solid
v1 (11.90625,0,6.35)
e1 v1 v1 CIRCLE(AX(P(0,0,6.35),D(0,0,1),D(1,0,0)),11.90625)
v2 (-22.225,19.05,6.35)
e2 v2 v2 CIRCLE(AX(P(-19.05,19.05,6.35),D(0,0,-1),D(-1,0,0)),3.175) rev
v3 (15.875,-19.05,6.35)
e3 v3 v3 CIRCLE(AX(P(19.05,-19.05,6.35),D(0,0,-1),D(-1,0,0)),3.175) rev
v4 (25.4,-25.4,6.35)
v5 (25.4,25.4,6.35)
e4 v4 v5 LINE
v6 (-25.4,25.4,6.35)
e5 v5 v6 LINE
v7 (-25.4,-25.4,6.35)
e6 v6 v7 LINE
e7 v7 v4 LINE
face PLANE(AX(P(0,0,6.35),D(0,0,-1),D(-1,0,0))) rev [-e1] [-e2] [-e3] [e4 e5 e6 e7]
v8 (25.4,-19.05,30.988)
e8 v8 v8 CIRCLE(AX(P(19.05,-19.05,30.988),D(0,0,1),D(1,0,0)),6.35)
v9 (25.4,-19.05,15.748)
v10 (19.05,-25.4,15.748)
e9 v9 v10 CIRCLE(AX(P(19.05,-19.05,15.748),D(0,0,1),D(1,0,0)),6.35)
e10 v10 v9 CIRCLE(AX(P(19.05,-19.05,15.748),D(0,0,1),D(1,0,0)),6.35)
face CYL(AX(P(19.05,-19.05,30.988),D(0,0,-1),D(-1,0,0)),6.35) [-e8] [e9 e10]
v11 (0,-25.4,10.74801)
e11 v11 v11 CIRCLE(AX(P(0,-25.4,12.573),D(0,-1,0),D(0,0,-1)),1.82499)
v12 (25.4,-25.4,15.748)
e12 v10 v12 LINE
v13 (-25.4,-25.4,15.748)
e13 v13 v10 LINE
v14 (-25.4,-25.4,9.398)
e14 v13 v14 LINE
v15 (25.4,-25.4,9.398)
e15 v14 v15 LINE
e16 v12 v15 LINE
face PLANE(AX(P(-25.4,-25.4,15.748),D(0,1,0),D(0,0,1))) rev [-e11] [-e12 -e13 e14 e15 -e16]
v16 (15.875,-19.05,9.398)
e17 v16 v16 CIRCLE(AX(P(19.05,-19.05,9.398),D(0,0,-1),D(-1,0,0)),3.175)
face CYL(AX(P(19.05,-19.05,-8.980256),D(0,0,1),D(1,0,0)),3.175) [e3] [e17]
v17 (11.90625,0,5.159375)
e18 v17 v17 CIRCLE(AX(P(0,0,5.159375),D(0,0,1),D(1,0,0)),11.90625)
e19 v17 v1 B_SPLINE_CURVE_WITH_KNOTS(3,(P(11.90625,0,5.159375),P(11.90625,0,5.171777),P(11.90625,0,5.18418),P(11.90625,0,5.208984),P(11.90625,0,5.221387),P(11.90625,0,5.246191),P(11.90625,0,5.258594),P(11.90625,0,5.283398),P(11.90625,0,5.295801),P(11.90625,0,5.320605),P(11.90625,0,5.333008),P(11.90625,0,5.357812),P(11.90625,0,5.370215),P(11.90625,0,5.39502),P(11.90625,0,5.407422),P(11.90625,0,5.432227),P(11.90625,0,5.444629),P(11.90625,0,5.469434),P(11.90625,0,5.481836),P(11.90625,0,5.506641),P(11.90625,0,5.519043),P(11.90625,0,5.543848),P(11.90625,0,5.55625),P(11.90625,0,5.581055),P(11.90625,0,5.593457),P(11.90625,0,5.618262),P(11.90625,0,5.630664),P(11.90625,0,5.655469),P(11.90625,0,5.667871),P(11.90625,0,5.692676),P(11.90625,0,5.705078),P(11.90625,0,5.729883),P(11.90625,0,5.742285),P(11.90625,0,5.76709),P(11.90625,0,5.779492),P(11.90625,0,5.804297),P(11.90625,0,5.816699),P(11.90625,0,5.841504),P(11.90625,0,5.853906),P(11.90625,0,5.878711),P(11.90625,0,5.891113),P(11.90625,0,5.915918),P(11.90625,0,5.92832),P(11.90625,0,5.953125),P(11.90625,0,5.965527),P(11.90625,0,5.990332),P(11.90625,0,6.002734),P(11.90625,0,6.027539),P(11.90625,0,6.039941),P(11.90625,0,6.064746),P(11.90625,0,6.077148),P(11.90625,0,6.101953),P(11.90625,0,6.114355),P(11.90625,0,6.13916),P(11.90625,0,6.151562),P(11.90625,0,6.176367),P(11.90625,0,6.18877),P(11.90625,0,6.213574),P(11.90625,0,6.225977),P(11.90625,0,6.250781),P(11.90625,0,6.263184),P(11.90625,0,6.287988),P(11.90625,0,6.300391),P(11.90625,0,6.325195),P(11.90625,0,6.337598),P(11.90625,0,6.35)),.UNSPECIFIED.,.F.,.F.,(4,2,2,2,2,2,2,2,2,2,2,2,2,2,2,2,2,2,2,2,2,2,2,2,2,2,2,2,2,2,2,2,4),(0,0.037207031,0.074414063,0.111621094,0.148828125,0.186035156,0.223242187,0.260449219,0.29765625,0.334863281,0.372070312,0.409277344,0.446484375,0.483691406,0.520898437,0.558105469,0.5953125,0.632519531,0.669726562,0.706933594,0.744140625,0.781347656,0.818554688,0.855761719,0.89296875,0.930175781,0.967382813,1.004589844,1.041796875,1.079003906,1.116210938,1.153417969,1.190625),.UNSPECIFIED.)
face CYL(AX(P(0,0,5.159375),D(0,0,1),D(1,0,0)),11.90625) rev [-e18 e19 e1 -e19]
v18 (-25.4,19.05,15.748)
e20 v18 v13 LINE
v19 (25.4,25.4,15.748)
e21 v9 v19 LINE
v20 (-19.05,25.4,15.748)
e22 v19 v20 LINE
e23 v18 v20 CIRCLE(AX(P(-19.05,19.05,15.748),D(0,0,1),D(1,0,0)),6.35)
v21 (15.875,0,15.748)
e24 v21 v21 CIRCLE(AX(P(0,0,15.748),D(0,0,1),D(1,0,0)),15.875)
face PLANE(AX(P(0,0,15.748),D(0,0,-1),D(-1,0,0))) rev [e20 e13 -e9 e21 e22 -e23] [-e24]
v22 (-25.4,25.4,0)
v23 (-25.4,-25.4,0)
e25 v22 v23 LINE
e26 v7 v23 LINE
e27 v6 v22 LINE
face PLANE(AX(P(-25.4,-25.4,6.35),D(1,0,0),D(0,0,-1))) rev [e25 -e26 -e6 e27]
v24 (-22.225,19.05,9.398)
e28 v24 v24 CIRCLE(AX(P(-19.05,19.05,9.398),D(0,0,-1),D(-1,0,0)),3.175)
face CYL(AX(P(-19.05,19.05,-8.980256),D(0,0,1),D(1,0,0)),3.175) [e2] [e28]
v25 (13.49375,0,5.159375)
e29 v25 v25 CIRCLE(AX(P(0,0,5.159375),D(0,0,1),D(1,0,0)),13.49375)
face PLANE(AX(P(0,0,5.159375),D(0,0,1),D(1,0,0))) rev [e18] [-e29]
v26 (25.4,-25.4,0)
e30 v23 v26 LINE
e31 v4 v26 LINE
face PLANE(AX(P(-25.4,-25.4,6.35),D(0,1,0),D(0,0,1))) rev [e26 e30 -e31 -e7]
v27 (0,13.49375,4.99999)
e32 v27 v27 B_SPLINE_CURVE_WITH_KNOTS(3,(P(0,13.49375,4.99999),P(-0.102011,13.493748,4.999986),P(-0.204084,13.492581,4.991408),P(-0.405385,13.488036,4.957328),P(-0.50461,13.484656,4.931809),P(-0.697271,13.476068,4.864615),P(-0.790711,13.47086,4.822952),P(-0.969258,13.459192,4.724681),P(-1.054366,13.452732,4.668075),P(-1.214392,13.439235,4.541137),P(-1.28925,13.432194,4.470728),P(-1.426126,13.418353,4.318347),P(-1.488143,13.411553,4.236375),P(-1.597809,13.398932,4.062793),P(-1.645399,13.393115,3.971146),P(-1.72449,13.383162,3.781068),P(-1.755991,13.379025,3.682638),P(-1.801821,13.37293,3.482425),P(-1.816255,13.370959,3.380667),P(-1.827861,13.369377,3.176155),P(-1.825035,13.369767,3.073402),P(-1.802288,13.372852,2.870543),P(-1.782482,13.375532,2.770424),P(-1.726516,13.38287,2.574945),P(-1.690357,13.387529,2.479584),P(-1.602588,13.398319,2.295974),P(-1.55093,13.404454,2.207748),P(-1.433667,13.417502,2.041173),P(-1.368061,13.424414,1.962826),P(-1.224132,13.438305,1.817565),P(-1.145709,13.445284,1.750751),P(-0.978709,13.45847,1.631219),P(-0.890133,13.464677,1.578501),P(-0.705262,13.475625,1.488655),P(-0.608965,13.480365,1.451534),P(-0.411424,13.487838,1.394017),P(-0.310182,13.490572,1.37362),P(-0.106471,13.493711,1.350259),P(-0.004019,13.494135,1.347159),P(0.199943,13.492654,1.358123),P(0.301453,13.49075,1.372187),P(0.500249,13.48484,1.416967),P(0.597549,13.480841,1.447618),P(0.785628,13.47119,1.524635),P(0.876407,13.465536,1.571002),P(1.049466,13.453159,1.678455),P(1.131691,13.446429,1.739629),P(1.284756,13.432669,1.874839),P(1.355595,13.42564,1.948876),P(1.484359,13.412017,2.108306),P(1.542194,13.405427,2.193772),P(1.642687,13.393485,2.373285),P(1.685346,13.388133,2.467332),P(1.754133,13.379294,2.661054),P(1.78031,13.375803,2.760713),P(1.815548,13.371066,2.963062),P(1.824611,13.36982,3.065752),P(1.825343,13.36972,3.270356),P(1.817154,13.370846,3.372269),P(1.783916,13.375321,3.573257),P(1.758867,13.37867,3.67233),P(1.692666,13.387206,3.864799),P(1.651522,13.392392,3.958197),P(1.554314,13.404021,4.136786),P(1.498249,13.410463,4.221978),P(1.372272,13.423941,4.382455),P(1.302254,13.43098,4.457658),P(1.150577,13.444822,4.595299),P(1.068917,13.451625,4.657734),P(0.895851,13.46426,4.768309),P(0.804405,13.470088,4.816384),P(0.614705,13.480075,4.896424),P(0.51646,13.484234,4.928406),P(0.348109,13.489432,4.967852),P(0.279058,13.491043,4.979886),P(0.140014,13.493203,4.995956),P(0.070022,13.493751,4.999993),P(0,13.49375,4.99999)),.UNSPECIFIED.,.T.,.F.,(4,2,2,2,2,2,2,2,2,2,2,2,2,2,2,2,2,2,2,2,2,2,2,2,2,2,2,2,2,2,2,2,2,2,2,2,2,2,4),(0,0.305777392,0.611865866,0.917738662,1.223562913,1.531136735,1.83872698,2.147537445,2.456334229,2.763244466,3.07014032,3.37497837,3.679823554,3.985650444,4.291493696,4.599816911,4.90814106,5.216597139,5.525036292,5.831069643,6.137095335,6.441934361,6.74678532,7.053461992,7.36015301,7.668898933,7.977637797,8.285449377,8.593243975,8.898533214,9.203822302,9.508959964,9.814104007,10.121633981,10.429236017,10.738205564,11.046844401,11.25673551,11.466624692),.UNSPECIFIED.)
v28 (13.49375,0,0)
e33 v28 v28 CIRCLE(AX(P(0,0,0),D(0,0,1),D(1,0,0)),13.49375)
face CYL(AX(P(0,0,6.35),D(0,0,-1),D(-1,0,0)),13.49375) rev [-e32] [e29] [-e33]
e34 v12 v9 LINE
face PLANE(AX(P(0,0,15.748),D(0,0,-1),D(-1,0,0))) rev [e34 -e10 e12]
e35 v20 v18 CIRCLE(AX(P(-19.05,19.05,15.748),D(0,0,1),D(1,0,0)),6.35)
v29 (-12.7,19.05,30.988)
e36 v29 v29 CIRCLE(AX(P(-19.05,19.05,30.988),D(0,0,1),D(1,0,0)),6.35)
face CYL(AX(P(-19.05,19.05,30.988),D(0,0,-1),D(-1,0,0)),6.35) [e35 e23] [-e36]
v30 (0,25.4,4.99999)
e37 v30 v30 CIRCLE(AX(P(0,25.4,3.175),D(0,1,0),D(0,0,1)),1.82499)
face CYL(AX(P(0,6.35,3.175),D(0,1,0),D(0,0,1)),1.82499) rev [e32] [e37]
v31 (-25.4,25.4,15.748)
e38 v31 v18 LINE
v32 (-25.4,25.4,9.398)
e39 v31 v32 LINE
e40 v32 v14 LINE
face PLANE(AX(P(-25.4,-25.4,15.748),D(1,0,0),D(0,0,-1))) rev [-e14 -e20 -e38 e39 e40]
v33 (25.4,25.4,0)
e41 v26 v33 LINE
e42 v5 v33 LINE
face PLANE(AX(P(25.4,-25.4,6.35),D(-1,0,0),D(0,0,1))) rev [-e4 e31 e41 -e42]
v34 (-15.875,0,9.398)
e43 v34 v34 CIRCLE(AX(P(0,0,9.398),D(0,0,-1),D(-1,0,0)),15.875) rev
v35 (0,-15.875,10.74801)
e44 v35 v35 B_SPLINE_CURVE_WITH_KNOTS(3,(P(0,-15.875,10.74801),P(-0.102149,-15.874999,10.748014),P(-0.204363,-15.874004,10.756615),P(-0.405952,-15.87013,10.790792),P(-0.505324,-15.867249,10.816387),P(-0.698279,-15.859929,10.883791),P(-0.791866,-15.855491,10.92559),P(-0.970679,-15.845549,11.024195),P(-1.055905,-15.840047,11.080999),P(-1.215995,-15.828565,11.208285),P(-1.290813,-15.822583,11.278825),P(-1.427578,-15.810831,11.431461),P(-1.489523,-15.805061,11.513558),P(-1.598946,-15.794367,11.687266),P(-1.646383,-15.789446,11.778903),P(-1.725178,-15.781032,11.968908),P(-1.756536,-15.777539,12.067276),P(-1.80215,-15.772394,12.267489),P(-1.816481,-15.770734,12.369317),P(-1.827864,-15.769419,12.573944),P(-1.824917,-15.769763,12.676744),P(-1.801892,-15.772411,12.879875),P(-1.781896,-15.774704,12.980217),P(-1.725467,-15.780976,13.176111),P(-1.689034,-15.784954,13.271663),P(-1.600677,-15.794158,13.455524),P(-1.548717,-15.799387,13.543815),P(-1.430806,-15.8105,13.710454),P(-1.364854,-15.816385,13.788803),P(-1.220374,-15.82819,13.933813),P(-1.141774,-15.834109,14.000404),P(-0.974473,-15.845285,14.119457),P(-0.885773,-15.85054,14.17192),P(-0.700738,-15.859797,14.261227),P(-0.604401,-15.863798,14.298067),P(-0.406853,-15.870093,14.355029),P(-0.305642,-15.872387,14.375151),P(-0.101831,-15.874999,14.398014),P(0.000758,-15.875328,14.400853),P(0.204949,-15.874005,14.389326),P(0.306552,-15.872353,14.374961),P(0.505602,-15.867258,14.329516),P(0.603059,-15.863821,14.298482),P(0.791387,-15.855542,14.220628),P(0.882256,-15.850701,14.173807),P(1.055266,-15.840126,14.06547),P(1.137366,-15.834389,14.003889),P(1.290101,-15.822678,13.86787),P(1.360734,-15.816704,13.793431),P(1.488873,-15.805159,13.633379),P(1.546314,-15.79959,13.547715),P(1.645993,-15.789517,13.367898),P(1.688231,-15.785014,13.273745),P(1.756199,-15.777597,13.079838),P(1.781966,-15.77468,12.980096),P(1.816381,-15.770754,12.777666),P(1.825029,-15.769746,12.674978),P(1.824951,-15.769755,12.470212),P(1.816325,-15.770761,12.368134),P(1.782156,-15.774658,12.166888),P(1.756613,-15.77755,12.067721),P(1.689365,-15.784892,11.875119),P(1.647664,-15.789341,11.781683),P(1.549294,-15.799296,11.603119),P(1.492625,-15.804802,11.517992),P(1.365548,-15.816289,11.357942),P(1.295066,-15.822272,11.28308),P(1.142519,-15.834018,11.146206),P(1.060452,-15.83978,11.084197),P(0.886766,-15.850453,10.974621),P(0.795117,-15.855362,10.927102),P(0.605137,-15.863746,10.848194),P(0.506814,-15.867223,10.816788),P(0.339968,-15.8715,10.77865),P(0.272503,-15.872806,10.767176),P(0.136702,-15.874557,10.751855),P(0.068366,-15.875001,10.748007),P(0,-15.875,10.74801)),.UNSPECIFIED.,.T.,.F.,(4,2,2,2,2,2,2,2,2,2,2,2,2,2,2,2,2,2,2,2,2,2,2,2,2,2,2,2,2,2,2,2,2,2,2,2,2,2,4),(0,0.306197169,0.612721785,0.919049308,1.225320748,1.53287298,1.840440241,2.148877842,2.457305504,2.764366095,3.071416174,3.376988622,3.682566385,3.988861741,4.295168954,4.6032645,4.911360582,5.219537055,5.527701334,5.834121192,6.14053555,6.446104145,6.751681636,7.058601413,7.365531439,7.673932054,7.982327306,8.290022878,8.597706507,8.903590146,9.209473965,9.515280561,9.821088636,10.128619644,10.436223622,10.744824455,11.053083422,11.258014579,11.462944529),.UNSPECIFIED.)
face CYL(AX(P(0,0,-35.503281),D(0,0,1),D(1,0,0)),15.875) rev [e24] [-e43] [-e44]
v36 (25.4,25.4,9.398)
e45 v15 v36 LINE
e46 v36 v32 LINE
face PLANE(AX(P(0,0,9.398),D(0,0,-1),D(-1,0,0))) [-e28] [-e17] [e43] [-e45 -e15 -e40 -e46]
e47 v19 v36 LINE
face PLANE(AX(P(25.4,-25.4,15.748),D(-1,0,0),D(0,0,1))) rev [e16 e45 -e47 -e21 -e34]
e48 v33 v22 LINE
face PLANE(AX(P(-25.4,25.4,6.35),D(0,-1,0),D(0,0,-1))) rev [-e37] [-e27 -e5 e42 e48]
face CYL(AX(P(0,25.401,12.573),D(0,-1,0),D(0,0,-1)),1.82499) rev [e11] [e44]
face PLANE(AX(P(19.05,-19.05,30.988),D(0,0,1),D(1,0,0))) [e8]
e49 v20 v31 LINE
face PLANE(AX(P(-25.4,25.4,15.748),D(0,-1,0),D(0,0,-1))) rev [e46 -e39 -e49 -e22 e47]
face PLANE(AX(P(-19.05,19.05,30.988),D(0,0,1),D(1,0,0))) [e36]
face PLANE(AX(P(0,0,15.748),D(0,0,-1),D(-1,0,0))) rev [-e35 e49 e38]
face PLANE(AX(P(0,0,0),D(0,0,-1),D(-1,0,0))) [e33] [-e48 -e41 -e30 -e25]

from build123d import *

# Parameters (mm, degrees)
SKETCH1_W               = 50.8
SKETCH1_H               = 50.8
SKETCH1_R               = 13.49375
BOSS_EXTRUDE1_DEPTH     = 6.35
LPATTERN2_COUNT         = 2
LPATTERN2_PITCH         = 9.398
SKETCH2_W               = 50.8
SKETCH2_H               = 50.8
SKETCH2_R               = 11.90625
BOSS_EXTRUDE2_DEPTH     = 1.190625
SKETCH3_R               = 1.82499
CUT_EXTRUDE1_DEPTH      = 19.05
SKETCH5_R               = 15.875
CUT_EXTRUDE2_DEPTH      = 6.35
CUT_EXTRUDE3_REACH      = 60.939
CUT_EXTRUDE3_END_RADIUS = 15.875
SKETCH6_R               = 1.82499
SKETCH7_R               = 6.35
BOSS_EXTRUDE3_DEPTH     = 15.24
SKETCH8_R               = 3.175
BOSS_EXTRUDE4_DEPTH     = 9.398


with BuildPart() as part:
    # Sketch1 → Boss-Extrude1 (new body)
    with BuildSketch(Plane.XY):
        Rectangle(SKETCH1_W, SKETCH1_H)
        Circle(SKETCH1_R, mode=Mode.SUBTRACT)
    extrude(amount=BOSS_EXTRUDE1_DEPTH)


with BuildPart() as lpattern2_1:
    # LPattern2: pattern copy
    add(part.part.moved(Location(Vector(0, 0, 1) * (1 * LPATTERN2_PITCH))))

    # Sketch5 → Cut-Extrude2 (cut)
    with BuildSketch(Plane.XY.offset(15.748)):
        Circle(SKETCH5_R)
    extrude(amount=-CUT_EXTRUDE2_DEPTH, mode=Mode.SUBTRACT)

    # Cut-Extrude3: up to this cylinder (the profile starts outside it)
    cut_extrude3_end = Plane(origin=(0, 0, 12.573), z_dir=(0, 0, 1)) * Cylinder(CUT_EXTRUDE3_END_RADIUS, 154.628, mode=Mode.PRIVATE)
    # Sketch6 → Cut-Extrude3 (cut, up to the surface)
    with BuildSketch(Plane.XZ.offset(25.4), mode=Mode.PRIVATE) as cut_extrude3_sk1:
        with Locations(Location((0, 12.573, 0), (0, 0, 270))):
            Circle(SKETCH6_R)
    cut_extrude3_tool1 = extrude(cut_extrude3_sk1.sketch, amount=-CUT_EXTRUDE3_REACH, mode=Mode.PRIVATE) - cut_extrude3_end
    add(cut_extrude3_tool1.solids().sort_by_distance((0, -25.4, 12.573))[0], mode=Mode.SUBTRACT)

    # Sketch7 → Boss-Extrude3 (add)
    with BuildSketch(Plane.XY.offset(15.748)):
        with Locations((19.05, -19.05)):
            Circle(SKETCH7_R)
        with Locations(Location((-19.05, 19.05, 0), (0, 0, 180))):
            Circle(SKETCH7_R)
    extrude(amount=BOSS_EXTRUDE3_DEPTH)


with BuildPart() as part_1:
    add(part.part)

    # Sketch2 → Boss-Extrude2 (add)
    with BuildSketch(Plane.XY.offset(6.35)):
        Rectangle(SKETCH2_W, SKETCH2_H)
        Circle(SKETCH2_R, mode=Mode.SUBTRACT)
    extrude(amount=-BOSS_EXTRUDE2_DEPTH)

    # Sketch3 → Cut-Extrude1 (cut)
    with BuildSketch(Plane(origin=(0, 25.4, 0), x_dir=(1, 0, 0), z_dir=(0, 1, 0))):
        with Locations(Location((0, -3.175, 0), (0, 0, 270))):
            Circle(SKETCH3_R)
    extrude(amount=-CUT_EXTRUDE1_DEPTH, mode=Mode.SUBTRACT)

    add(lpattern2_1.part)  # Boss-Extrude4 merges LPattern2_1
    # Sketch8 → Boss-Extrude4 (add)
    with BuildSketch(Plane(origin=(0, 0, 9.398), x_dir=(-1, 0, 0), z_dir=(0, 0, -1))):
        with Locations((-19.05, -19.05)):
            Circle(SKETCH8_R)
        with Locations((19.05, 19.05)):
            Circle(SKETCH8_R)
    extrude(amount=BOSS_EXTRUDE4_DEPTH)


solid = part_1.part
